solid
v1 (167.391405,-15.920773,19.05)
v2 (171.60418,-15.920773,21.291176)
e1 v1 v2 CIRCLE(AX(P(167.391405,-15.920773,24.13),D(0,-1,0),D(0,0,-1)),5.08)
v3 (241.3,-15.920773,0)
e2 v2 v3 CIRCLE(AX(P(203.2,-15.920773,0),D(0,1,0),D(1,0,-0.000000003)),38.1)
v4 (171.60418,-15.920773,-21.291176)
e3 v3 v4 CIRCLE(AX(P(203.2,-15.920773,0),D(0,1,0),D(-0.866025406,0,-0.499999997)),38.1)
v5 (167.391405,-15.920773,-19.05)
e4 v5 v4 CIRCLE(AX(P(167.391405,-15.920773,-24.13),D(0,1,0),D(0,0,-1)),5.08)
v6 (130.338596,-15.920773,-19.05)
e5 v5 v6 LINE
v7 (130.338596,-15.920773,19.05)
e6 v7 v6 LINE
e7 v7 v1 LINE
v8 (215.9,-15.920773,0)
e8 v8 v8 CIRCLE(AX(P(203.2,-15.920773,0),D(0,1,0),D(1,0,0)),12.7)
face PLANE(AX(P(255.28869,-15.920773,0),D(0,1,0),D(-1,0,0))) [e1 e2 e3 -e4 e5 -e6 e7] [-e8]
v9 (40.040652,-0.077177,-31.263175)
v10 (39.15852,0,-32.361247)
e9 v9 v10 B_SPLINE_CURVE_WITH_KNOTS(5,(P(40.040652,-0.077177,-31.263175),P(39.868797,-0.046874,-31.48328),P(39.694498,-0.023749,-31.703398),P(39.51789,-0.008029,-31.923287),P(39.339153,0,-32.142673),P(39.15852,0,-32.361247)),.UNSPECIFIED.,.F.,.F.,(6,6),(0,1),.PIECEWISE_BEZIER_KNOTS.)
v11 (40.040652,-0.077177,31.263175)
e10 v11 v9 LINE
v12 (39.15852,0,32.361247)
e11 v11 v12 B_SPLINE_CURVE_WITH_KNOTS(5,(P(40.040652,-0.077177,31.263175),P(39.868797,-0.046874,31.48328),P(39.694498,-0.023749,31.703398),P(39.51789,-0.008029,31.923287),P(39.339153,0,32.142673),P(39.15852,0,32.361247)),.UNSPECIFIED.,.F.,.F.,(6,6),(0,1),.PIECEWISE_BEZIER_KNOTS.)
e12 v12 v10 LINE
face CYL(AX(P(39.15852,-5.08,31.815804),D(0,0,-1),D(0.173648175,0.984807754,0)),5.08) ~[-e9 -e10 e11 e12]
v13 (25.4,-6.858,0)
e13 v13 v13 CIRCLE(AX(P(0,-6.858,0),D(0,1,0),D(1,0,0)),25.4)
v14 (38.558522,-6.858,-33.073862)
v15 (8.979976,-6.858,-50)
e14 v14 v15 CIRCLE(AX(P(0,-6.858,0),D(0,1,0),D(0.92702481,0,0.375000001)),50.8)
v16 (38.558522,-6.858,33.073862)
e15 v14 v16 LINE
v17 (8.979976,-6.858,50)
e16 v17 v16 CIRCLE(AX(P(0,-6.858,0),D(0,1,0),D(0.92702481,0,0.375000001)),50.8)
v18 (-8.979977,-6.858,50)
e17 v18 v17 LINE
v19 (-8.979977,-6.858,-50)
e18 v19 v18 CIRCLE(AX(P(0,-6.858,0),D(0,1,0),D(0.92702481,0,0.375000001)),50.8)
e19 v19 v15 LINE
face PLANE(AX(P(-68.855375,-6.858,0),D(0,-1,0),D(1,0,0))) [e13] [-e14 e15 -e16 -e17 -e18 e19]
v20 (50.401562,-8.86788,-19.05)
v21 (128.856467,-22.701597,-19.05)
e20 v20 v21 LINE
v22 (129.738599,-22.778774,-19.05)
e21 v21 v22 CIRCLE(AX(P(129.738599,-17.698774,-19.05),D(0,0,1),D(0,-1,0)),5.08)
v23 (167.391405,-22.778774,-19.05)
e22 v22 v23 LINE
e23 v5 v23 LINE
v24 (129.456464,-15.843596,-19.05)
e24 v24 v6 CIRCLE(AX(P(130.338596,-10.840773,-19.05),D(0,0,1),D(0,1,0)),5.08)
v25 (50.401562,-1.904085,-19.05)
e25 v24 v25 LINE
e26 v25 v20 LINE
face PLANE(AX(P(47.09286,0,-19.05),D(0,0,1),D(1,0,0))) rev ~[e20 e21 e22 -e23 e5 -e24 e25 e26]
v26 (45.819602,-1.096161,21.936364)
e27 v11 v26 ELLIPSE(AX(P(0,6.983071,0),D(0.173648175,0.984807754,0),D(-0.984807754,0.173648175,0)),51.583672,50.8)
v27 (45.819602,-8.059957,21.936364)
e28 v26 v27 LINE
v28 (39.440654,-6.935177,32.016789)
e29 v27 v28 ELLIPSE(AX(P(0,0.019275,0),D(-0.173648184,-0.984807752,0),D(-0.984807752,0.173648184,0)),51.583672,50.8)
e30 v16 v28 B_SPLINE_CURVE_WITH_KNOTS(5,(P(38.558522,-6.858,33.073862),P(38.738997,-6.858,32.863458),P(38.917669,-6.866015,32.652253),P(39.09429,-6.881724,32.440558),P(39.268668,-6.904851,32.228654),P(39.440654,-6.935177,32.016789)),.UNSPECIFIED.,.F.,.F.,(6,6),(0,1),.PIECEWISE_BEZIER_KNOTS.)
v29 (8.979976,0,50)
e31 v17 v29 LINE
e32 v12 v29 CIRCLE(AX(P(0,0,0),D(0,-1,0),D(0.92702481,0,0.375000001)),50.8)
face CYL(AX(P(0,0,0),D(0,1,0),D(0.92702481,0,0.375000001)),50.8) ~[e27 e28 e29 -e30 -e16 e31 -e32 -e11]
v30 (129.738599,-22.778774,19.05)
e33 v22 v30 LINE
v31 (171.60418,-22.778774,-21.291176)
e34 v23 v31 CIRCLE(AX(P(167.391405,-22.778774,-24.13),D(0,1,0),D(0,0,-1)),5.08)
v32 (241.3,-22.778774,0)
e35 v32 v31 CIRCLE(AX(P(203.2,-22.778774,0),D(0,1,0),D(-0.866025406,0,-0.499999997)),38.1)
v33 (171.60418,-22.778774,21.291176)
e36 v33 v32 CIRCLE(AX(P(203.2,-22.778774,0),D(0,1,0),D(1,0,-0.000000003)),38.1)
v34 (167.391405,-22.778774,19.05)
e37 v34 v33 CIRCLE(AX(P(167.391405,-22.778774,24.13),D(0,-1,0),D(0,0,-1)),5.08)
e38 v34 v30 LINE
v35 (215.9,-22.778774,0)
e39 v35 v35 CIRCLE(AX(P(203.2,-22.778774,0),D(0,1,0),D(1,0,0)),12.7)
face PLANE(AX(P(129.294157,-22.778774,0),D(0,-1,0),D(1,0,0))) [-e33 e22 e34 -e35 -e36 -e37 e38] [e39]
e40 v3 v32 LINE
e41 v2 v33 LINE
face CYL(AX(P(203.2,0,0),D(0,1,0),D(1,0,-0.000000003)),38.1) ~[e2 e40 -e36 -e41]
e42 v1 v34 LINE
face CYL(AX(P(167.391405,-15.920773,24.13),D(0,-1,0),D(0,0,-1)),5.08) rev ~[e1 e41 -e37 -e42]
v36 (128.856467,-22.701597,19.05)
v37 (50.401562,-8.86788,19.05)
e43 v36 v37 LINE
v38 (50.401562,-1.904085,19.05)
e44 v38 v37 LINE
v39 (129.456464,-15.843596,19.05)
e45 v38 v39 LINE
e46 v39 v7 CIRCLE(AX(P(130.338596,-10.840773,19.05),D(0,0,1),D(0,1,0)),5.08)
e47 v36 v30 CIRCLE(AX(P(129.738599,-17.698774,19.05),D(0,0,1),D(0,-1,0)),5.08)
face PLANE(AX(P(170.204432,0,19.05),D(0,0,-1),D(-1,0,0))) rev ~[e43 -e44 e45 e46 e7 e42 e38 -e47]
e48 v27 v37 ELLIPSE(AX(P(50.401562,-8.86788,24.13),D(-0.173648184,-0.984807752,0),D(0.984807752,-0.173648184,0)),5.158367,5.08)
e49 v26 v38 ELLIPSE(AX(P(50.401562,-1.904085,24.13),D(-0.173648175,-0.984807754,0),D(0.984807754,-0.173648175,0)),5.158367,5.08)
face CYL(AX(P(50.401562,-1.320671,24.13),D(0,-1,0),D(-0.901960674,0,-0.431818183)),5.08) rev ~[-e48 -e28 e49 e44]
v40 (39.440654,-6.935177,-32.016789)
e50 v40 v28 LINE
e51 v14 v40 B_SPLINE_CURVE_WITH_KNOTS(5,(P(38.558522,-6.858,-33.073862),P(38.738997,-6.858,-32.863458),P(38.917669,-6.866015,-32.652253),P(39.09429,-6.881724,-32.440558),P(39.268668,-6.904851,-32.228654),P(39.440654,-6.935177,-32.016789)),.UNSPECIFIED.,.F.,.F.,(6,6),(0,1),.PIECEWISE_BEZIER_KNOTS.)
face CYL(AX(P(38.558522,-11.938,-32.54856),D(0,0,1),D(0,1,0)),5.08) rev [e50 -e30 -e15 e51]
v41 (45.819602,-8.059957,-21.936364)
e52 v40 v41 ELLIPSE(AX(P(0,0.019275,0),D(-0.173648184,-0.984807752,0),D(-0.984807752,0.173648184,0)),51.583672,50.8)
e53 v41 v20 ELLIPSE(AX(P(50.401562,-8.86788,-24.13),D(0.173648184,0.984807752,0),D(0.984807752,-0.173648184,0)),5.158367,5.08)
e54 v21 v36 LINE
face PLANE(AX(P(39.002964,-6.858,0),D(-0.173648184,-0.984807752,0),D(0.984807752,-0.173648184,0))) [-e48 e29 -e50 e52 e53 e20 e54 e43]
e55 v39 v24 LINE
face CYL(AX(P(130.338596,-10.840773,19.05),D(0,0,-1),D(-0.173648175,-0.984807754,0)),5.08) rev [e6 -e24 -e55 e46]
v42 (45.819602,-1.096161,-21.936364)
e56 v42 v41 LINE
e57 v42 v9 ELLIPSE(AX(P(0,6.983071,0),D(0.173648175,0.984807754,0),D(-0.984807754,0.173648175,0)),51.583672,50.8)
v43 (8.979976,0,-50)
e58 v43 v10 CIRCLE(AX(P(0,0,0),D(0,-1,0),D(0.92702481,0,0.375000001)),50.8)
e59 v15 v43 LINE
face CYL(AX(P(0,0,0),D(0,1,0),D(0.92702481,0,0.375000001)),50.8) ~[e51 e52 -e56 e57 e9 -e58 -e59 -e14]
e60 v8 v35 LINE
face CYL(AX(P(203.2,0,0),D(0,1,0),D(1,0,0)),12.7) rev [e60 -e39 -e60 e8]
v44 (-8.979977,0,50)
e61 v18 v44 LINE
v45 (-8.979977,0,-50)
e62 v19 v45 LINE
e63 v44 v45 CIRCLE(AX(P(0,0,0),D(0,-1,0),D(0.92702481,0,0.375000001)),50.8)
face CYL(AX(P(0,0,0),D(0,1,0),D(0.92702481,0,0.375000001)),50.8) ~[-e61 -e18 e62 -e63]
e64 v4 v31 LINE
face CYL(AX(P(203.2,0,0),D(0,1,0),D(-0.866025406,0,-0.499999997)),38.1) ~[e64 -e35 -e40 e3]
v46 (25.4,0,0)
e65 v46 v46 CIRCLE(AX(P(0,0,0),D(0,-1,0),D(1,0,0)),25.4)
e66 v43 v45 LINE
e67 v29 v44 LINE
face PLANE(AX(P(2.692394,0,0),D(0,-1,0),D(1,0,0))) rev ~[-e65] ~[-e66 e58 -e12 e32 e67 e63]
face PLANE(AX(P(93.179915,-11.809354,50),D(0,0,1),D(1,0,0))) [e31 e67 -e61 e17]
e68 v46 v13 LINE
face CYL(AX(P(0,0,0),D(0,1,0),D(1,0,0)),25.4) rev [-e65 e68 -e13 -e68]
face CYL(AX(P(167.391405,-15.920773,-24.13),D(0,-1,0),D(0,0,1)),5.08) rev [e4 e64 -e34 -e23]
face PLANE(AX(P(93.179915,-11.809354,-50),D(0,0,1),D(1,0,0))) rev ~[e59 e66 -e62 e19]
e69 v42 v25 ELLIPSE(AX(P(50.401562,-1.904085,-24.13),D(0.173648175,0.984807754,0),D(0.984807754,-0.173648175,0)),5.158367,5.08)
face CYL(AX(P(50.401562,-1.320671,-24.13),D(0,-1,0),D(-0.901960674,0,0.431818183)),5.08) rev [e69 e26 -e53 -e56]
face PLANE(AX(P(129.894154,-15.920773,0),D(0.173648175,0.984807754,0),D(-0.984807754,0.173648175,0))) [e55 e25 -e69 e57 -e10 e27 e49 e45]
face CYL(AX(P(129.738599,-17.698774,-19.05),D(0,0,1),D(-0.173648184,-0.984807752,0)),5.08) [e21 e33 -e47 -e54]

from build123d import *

# Parameters (mm, degrees)
F0_R     = 25.4
F0_R_2   = 12.7
F1_DEPTH = 25.4
F3_DEPTH = 50
F4_R     = 5.08


with BuildPart() as f1:
    # F0 (on Front) → F1 (new body)
    with BuildSketch(Plane.XZ):
        with BuildLine():
            ThreePointArc((47.09286, -19.05), (49.864603, -9.703677), (50.8, 0))
            ThreePointArc((50.8, 0), (49.864603, 9.703677), (47.09286, 19.05))
            ThreePointArc((47.09286, 19.05), (-50.8, 0), (47.09286, -19.05))
        make_face()
        Circle(F0_R, mode=Mode.SUBTRACT)
        with BuildLine():
            ThreePointArc((47.09286, 19.05), (49.864603, 9.703677), (50.8, 0))
            ThreePointArc((50.8, 0), (49.864603, -9.703677), (47.09286, -19.05))
            Line((47.09286, -19.05), (170.204432, -19.05))
            ThreePointArc((170.204432, -19.05), (165.1, 0), (170.204432, 19.05))
            Line((170.204432, 19.05), (47.09286, 19.05))
        make_face()
        with BuildLine():
            ThreePointArc((241.3, 0), (213.061006, 36.801774), (170.204432, 19.05))
            ThreePointArc((170.204432, 19.05), (165.1, 0), (170.204432, -19.05))
            ThreePointArc((170.204432, -19.05), (213.061006, -36.801774), (241.3, 0))
        make_face()
        with Locations((203.2, 0)):
            Circle(F0_R_2, mode=Mode.SUBTRACT)
    extrude(amount=F1_DEPTH)

    # F2 (on Top) → F3 (intersect, symmetric)
    with BuildSketch(Plane.XY):
        Polygon((39.602962, 0), (-68.855375, 0), (-68.855375, -6.858), (39.002964, -6.858), (129.294157, -22.778774), (255.28869, -22.778774), (255.28869, -15.920773), (129.894154, -15.920773), align=None)
    extrude(amount=F3_DEPTH, both=True, mode=Mode.INTERSECT)

    # F4
    f4_edges = [f1.edges().sort_by_distance(p)[0] for p in [
        (129.894154, -15.920773, 0),
        (39.602962, 0, 0),
        (39.002964, -6.858, 0),
        (129.294157, -22.778774, 0),
        (47.09286, -4.802569, 19.05),
        (170.204432, -19.349774, 19.05),
        (170.204432, -19.349774, -19.05),
        (47.09286, -4.802569, -19.05),
    ]]
    fillet(f4_edges, radius=F4_R)


solid = f1.part
